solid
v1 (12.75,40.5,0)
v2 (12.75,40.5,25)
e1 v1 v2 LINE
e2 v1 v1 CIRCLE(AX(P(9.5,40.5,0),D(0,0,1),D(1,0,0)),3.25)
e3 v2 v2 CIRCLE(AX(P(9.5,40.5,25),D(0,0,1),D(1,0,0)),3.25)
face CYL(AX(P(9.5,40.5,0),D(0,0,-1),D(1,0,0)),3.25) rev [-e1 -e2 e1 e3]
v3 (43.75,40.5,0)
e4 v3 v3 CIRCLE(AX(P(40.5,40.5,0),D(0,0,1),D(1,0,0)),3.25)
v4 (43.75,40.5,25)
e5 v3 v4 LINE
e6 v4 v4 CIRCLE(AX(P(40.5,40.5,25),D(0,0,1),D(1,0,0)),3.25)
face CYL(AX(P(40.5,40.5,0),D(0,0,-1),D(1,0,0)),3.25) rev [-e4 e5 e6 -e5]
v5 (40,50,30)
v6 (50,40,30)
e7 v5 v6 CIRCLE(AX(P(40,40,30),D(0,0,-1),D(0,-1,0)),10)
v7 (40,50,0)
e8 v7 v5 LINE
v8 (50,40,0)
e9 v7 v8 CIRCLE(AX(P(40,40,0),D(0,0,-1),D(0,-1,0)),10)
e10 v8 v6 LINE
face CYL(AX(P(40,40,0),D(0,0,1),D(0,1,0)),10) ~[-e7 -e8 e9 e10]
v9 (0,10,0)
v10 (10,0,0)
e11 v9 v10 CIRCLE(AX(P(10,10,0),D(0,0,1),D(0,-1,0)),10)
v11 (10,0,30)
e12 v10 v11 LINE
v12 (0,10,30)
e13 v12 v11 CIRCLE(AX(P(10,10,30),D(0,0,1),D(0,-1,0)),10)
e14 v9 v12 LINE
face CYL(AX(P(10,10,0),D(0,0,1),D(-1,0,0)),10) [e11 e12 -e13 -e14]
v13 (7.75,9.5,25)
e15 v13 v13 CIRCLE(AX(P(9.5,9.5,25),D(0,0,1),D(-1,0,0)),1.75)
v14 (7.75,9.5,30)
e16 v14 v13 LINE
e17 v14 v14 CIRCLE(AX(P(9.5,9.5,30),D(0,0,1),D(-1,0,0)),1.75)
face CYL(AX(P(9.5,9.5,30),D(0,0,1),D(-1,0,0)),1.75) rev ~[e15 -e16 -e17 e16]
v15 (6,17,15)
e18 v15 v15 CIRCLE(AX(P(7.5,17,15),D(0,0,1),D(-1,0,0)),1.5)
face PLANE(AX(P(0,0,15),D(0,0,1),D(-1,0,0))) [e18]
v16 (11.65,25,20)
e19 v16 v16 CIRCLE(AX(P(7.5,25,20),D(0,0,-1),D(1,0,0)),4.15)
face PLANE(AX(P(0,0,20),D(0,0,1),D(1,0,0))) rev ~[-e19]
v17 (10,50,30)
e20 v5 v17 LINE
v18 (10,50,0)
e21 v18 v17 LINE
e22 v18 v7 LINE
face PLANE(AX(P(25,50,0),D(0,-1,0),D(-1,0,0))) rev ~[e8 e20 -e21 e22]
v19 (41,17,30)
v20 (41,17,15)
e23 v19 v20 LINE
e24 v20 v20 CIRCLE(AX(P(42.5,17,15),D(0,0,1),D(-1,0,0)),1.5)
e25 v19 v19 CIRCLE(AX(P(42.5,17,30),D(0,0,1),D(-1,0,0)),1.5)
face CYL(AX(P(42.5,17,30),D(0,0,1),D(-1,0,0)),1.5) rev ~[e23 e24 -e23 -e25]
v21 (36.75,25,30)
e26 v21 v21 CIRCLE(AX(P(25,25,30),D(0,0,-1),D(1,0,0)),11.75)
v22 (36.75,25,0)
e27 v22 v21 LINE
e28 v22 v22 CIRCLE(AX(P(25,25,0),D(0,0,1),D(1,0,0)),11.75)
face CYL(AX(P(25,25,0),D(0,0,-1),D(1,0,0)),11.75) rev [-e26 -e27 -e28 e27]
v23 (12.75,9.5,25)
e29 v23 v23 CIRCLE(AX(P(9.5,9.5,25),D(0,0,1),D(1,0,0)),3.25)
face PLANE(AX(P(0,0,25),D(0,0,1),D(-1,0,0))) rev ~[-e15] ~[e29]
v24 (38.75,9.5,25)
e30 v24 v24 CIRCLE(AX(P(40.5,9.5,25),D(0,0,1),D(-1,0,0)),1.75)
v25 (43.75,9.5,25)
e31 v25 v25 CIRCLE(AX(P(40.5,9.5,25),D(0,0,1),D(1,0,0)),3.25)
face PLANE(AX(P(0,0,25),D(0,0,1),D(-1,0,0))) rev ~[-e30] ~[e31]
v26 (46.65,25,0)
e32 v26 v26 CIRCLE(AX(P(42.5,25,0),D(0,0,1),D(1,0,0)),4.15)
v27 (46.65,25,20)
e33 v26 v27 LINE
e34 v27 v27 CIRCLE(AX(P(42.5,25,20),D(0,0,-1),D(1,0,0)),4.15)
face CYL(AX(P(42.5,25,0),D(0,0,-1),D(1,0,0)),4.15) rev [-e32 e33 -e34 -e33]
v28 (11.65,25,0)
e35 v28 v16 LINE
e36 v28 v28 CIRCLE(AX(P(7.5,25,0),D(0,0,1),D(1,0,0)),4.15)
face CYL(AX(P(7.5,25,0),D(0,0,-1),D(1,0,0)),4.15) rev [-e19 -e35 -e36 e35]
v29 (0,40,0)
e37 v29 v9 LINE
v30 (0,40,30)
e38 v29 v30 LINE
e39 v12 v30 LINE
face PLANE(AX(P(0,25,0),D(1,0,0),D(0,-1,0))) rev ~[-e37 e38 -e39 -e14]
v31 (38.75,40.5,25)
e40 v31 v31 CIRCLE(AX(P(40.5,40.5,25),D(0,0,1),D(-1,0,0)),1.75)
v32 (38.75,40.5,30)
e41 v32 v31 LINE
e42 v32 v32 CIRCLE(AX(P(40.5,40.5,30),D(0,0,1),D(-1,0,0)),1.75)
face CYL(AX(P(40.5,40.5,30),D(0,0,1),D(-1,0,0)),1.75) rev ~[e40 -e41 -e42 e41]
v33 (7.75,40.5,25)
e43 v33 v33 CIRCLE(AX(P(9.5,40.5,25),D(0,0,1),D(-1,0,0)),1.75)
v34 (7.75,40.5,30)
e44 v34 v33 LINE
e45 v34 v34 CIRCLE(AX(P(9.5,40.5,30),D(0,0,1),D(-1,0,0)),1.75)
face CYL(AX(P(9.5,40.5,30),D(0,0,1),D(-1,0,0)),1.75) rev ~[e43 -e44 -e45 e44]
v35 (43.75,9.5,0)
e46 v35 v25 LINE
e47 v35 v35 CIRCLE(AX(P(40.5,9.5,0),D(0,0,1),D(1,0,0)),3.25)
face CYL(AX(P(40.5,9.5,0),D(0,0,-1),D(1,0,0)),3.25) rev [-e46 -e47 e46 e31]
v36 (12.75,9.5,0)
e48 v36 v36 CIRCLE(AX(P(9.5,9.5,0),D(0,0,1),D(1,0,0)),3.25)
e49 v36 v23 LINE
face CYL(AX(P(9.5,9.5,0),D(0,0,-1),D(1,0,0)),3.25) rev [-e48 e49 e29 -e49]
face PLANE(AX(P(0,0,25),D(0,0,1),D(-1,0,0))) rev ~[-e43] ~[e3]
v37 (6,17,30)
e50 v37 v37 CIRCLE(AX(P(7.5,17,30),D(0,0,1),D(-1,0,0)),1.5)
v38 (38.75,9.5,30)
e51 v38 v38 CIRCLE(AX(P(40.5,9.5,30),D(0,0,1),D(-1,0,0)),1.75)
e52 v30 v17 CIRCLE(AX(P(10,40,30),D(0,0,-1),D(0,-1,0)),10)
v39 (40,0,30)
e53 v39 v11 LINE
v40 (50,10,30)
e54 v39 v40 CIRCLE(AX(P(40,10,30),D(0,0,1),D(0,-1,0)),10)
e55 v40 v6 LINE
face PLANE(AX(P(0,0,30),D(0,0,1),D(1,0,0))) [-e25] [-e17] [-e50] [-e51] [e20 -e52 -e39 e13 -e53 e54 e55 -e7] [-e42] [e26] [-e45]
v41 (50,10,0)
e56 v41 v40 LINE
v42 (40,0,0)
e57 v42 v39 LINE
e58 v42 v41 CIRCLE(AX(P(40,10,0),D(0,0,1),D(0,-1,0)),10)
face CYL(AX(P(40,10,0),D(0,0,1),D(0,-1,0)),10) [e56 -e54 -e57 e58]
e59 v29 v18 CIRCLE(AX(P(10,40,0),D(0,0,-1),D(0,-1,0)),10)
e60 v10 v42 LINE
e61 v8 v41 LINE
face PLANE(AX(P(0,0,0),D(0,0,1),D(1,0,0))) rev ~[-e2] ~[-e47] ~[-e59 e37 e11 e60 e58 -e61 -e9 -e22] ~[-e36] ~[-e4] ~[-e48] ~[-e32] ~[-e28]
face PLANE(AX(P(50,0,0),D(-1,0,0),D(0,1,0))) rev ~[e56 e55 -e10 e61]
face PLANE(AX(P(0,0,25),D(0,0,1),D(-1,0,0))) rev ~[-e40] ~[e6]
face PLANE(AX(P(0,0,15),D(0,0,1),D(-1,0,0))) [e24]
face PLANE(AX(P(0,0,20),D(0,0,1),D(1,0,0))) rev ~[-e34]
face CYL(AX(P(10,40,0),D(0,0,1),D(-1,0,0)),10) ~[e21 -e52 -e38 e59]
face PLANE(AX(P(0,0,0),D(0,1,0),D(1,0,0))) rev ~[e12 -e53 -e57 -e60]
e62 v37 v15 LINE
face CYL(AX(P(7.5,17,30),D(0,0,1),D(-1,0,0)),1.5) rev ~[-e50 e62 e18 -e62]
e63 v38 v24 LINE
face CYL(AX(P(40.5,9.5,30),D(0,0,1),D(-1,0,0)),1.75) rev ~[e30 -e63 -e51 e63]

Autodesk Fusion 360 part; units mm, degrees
sketch "Skizze1" plane through (0, 0, 0) normal (0, 0, 1) x (1, 0, 0)
  line L0 (0, 0) -> (50, 0)
  line L1 (50, 0) -> (50, 50)
  line L2 (50, 50) -> (0, 50)
  line L3 (0, 50) -> (0, 0)
  line L4 (25, 50) -> (25, -0.5033)
  circle A0 centre (25, 25) radius 11.75
  circle A1 centre (7.5, 17) radius 1.5
  circle A2 centre (42.5, 17) radius 1.5
  circle A3 centre (7.5, 25) radius 4.15
  circle A4 centre (42.5, 25) radius 4.15
  line L5 (9.5, 40.5) -> (40.5, 40.5)
  line L6 (40.5, 40.5) -> (40.5, 9.5)
  line L7 (40.5, 9.5) -> (9.5, 9.5)
  line L8 (9.5, 9.5) -> (9.5, 40.5)
  line L9 (0, 25) -> (50, 25)
  circle A5 centre (9.5, 40.5) radius 3.25
  circle A6 centre (40.5, 40.5) radius 3.25
  circle A7 centre (40.5, 9.5) radius 3.25
  circle A8 centre (9.5, 9.5) radius 3.25
  dimension "d1" = 50
  dimension "d2" = 50
  dimension "d3" = 23.5
  dimension "d4" = 3
  dimension "d5" = 3
  dimension "d6" = 35
  dimension "d7" = 17.5
  dimension "d8" = 8
  dimension "d9" = 8
  dimension "d10" = 25
  dimension "d11" = 8.3
  dimension "d12" = 8.3
  dimension "d13" = 25
  dimension "d14" = 25
  dimension "d15" = 17.5
  dimension "d16" = 17.5
  dimension "d29" = 31
  dimension "d30" = 31
  dimension "d31" = 15.5
  dimension "d32" = 15.5
  dimension "d33" = 6.5
extrude "Extrusion1" add sketch "Skizze1" along normal blind 30 contours L0 L3 L4 A3 L7 L8 L9 A8 | L0 L1 L4 A4 L6 L7 L9 A7 | L2 L3 L4 A3 L5 L8 L9 A5 | L4 A0 A3 L7 L8 L9 A8 | L4 A0 A4 L6 L7 L9 A7 | A3 L8 L9 | A3 L8 L9 | L1 L2 L4 A4 L5 L6 L9 A6 | L4 A0 A3 L5 L8 L9 A5 | A3 L8 L9 | A3 L8 L9 | A4 L6 L9 | A4 L6 L9 | L4 A0 A4 L5 L6 L9 A6 | A4 L6 L9 | A4 L6 L9 | A1 | A2
extrude "Extrusion2" cut sketch "Skizze1" along normal blind 20 contours A3 L8 L9 | A3 L8 L9 | A3 L8 L9 | A3 L8 L9 | A4 L6 L9 | A4 L6 L9 | A4 L6 L9 | A4 L6 L9
sketch "Skizze2" plane through (0, 0, 30) normal (0, 0, 1) x (-1, 0, 0)
  circle A0 centre (-25, -25) radius 11.75
  line L0 (0, -50) -> (0, 0)
  line L1 (0, 0) -> (-50, 0)
  line L2 (-50, 0) -> (-50, -50)
  line L3 (-50, -50) -> (0, -50)
  circle A1 centre (-7.5, -17) radius 1.5
  circle A2 centre (-42.5, -17) radius 1.5
  circle A3 centre (-40.5, -40.5) radius 3.25
  circle A4 centre (-9.5, -9.5) radius 3.25
  circle A5 centre (-40.5, -9.5) radius 3.25
  circle A6 centre (-9.5, -40.5) radius 3.25
  circle A7 centre (-9.5, -40.5) radius 3.25
  circle A8 centre (-40.5, -40.5) radius 3.25
  circle A9 centre (-40.5, -9.5) radius 3.25
  circle A10 centre (-9.5, -9.5) radius 3.25
  circle A11 centre (-9.5, -40.5) radius 1.75
  circle A12 centre (-40.5, -40.5) radius 1.75
  circle A13 centre (-40.5, -9.5) radius 1.75
  circle A14 centre (-9.5, -9.5) radius 1.75
  point P0 (-25, -25)
  dimension "d21" = 3
  dimension "d22" = 3
  dimension "d23" = 17.5
  dimension "d24" = 17.5
  dimension "d25" = 8
  dimension "d26" = 8
  dimension "d34" = 6.5
  dimension "d35" = 3.5
extrude "Extrusion3" cut sketch "Skizze2" against normal blind 15 contours A1 | A2
extrude "Extrusion4" add sketch "Skizze2" against normal blind 5 contours A3 A8 | A4 A10 | A5 A9 | A6 A7
fillet "Abrundung1" radius 10 4 edges at (50, 50, 15) (50, 0, 15) (0, 0, 15) (0, 50, 15)
equation "d7 = ( 35 / 2 ) * 1 mm"
equation "d31 = ( 31 / 2 ) * 1 mm"
equation "d32 = ( 31 / 2 ) * 1 mm"
